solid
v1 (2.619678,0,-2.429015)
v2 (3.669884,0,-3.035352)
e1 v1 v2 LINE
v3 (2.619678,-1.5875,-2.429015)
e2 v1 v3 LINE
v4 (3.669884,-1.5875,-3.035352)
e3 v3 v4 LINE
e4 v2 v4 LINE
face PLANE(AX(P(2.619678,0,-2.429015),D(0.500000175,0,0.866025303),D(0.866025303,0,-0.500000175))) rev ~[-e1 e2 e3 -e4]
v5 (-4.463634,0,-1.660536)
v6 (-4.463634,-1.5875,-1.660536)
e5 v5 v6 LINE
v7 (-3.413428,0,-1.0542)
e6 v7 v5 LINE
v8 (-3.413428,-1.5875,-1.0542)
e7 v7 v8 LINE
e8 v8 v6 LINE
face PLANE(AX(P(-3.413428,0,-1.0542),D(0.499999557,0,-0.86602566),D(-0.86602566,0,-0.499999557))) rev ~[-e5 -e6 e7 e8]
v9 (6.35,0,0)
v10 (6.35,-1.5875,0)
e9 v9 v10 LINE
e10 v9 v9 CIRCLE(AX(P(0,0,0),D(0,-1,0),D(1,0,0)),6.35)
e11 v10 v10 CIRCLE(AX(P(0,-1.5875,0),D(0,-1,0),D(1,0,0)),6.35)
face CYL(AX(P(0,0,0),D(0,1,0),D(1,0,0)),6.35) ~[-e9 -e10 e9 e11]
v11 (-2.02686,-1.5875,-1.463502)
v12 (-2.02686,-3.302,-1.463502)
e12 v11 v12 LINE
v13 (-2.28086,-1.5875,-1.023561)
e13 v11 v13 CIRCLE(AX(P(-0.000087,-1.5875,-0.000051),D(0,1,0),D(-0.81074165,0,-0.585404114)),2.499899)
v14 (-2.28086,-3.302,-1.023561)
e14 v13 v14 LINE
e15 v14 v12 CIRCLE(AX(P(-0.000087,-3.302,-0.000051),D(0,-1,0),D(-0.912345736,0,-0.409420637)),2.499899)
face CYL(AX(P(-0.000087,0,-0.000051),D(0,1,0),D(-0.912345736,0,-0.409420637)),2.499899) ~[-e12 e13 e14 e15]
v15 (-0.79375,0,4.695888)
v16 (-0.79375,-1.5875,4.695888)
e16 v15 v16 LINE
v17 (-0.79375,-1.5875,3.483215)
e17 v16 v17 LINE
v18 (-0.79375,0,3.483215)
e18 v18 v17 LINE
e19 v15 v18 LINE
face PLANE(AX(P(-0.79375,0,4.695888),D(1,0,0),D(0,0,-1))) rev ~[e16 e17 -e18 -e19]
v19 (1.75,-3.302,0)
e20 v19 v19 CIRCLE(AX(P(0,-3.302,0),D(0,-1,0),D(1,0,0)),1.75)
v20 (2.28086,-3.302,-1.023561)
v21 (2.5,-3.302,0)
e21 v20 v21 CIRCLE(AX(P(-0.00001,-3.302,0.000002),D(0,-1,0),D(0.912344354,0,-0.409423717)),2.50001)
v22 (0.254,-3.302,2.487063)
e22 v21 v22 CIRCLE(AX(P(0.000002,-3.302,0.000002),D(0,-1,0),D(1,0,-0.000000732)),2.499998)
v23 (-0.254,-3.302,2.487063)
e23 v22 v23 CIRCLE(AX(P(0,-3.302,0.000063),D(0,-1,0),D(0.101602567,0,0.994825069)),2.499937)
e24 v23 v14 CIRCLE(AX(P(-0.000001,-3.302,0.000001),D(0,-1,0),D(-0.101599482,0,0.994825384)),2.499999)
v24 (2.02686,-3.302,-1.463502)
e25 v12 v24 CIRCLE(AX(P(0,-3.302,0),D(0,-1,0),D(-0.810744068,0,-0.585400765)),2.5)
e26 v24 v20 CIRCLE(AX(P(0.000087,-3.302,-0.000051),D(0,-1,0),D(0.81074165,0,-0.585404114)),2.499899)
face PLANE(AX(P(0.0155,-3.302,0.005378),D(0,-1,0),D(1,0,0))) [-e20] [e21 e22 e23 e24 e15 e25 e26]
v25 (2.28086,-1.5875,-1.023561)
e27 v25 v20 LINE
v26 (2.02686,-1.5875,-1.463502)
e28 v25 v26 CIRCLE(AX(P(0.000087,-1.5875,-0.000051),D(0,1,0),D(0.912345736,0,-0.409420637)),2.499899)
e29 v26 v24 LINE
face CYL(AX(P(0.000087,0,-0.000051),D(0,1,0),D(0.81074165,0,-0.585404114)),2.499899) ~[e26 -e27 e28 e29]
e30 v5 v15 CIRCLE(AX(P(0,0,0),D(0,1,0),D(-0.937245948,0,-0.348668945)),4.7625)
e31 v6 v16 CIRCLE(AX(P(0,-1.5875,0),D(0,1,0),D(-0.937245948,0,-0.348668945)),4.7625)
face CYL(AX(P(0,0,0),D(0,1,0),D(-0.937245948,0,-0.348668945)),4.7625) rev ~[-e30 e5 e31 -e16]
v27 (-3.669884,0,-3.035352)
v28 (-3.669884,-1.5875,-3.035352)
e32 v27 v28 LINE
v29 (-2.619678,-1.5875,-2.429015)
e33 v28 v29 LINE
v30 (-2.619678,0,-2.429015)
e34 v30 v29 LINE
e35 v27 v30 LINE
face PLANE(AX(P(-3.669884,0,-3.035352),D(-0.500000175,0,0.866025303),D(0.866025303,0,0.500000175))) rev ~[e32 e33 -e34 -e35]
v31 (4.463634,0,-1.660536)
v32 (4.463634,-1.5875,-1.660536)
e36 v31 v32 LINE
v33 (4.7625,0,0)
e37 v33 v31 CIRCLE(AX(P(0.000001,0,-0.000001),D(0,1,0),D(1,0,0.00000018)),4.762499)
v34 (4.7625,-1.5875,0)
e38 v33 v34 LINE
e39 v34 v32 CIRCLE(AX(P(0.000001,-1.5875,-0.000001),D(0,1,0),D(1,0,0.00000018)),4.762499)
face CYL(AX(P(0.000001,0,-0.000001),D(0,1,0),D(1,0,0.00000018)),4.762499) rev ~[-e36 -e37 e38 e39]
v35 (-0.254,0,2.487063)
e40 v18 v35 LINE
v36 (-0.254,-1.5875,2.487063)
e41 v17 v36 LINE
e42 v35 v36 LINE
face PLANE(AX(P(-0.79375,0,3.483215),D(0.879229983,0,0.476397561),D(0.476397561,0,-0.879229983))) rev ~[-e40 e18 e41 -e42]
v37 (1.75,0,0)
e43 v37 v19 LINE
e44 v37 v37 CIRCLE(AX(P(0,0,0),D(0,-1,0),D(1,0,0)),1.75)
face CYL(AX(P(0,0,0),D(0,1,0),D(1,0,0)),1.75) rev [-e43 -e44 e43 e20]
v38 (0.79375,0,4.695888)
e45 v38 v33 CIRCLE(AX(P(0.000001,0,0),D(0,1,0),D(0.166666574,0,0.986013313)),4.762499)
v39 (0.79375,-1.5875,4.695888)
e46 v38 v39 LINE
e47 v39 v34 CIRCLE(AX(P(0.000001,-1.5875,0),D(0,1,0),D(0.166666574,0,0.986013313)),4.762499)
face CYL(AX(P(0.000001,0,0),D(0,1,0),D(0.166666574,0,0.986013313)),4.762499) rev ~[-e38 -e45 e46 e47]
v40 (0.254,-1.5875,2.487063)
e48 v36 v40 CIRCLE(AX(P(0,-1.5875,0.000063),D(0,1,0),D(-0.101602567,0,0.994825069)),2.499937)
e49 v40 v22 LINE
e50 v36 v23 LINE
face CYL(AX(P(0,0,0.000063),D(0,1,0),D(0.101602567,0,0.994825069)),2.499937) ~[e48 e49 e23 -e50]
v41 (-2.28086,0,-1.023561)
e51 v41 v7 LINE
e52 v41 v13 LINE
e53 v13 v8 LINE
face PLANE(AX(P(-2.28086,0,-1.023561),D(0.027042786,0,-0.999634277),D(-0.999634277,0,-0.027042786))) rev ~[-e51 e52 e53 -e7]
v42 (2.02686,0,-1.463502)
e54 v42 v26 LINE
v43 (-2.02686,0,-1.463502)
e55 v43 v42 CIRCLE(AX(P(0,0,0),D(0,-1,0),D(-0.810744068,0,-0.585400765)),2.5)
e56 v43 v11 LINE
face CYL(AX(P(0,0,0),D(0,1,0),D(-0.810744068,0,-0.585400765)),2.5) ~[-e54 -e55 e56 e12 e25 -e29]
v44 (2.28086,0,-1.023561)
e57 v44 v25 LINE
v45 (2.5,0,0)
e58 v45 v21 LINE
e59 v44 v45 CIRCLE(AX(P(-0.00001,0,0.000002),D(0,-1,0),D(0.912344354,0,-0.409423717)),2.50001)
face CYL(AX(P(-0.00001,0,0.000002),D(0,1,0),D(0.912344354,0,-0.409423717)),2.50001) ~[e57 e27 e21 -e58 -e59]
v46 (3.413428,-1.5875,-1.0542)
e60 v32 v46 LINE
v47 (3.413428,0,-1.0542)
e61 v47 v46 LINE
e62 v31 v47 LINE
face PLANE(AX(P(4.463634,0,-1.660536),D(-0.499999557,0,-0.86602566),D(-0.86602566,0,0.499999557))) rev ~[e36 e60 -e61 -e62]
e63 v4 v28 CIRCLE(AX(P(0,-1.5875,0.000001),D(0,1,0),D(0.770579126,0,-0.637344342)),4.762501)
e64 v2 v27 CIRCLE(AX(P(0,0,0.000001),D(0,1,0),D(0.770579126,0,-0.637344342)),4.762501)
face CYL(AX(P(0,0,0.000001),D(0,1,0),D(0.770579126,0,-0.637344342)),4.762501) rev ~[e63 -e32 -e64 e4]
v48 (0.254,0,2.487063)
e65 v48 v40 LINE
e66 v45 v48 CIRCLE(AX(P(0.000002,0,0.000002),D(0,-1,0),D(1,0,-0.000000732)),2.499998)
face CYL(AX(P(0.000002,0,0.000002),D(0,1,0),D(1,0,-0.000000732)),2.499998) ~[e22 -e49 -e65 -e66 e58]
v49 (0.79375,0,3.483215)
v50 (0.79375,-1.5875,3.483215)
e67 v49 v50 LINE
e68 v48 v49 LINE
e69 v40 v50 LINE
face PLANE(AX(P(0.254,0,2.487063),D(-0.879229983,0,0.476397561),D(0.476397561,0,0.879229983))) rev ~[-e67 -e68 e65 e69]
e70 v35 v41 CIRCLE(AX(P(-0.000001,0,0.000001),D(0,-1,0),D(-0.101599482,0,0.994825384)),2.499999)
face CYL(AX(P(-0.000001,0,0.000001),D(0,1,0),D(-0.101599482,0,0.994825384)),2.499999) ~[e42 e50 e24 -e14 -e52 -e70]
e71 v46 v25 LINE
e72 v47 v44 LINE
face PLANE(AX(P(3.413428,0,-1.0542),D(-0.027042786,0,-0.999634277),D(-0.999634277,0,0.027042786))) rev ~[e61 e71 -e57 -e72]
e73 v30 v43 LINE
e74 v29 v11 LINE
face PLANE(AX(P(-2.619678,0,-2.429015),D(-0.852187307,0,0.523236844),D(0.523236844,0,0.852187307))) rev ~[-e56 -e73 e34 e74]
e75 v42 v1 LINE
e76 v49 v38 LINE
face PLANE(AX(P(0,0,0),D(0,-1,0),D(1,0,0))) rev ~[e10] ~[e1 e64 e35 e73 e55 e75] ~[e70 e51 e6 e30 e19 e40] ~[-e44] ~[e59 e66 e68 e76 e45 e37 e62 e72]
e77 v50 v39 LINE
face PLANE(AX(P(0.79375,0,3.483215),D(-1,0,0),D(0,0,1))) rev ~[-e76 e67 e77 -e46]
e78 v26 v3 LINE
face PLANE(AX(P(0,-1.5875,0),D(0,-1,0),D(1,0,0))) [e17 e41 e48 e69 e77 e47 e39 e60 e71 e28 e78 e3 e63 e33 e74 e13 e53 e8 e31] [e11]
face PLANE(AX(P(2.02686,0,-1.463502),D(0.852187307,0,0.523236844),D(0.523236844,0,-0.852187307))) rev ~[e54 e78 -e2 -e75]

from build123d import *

# Parameters (mm, degrees)
F0_R     = 1.75
F1_DEPTH = 3.302
F0_R_2   = 6.35
F2_DEPTH = 1.5875


with BuildPart() as f1:
    # F0 (on Front) → F1 (new body)
    with BuildSketch(Plane.XZ):
        with BuildLine():
            ThreePointArc((2.28086, -1.023561), (2.444601, -0.523378), (2.5, 0))
            ThreePointArc((2.5, 0), (1.855398, 1.67556), (0.254, 2.487063))
            ThreePointArc((0.254, 2.487063), (0, 2.5), (-0.254, 2.487063))
            ThreePointArc((-0.254, 2.487063), (-2.165064, 1.25), (-2.28086, -1.023561))
            ThreePointArc((-2.28086, -1.023561), (-2.165064, -1.25), (-2.02686, -1.463502))
            ThreePointArc((-2.02686, -1.463502), (0, -2.5), (2.02686, -1.463502))
            ThreePointArc((2.02686, -1.463502), (2.165064, -1.25), (2.28086, -1.023561))
        make_face()
        Circle(F0_R, mode=Mode.SUBTRACT)
    extrude(amount=F1_DEPTH)

    # F0 (on Front) → F2 (join)
    with BuildSketch(Plane.XZ):
        Circle(F0_R_2)
        with BuildLine():
            ThreePointArc((-0.79375, 4.695888), (0, 4.7625), (0.79375, 4.695888))
            ThreePointArc((0.79375, 4.695888), (3.637419, 3.074181), (4.7625, 0))
            ThreePointArc((4.7625, 0), (4.687188, -0.843609), (4.463634, -1.660536))
            ThreePointArc((4.463634, -1.660536), (4.124446, -2.38125), (3.669884, -3.035352))
            ThreePointArc((3.669884, -3.035352), (0, -4.7625), (-3.669884, -3.035352))
            ThreePointArc((-3.669884, -3.035352), (-4.124446, -2.38125), (-4.463634, -1.660536))
            ThreePointArc((-4.463634, -1.660536), (-4.124446, 2.38125), (-0.79375, 4.695888))
        make_face(mode=Mode.SUBTRACT)
        with BuildLine():
            ThreePointArc((-0.254, 2.487063), (0, 2.5), (0.254, 2.487063))
            Line((0.254, 2.487063), (0.79375, 3.483215))
            Line((0.79375, 3.483215), (0.79375, 4.695888))
            ThreePointArc((0.79375, 4.695888), (0, 4.7625), (-0.79375, 4.695888))
            Line((-0.79375, 4.695888), (-0.79375, 3.483215))
            Line((-0.79375, 3.483215), (-0.254, 2.487063))
        make_face()
        with BuildLine():
            ThreePointArc((-2.02686, -1.463502), (-2.165064, -1.25), (-2.28086, -1.023561))
            Line((-2.28086, -1.023561), (-3.413428, -1.0542))
            Line((-3.413428, -1.0542), (-4.463634, -1.660536))
            ThreePointArc((-4.463634, -1.660536), (-4.124446, -2.38125), (-3.669884, -3.035352))
            Line((-3.669884, -3.035352), (-2.619678, -2.429015))
            Line((-2.619678, -2.429015), (-2.02686, -1.463502))
        make_face()
        with BuildLine():
            Line((3.413428, -1.0542), (2.28086, -1.023561))
            ThreePointArc((2.28086, -1.023561), (2.165064, -1.25), (2.02686, -1.463502))
            Line((2.02686, -1.463502), (2.619678, -2.429015))
            Line((2.619678, -2.429015), (3.669884, -3.035352))
            ThreePointArc((3.669884, -3.035352), (4.124446, -2.38125), (4.463634, -1.660536))
            Line((4.463634, -1.660536), (3.413428, -1.0542))
        make_face()
    extrude(amount=F2_DEPTH)


solid = f1.part
